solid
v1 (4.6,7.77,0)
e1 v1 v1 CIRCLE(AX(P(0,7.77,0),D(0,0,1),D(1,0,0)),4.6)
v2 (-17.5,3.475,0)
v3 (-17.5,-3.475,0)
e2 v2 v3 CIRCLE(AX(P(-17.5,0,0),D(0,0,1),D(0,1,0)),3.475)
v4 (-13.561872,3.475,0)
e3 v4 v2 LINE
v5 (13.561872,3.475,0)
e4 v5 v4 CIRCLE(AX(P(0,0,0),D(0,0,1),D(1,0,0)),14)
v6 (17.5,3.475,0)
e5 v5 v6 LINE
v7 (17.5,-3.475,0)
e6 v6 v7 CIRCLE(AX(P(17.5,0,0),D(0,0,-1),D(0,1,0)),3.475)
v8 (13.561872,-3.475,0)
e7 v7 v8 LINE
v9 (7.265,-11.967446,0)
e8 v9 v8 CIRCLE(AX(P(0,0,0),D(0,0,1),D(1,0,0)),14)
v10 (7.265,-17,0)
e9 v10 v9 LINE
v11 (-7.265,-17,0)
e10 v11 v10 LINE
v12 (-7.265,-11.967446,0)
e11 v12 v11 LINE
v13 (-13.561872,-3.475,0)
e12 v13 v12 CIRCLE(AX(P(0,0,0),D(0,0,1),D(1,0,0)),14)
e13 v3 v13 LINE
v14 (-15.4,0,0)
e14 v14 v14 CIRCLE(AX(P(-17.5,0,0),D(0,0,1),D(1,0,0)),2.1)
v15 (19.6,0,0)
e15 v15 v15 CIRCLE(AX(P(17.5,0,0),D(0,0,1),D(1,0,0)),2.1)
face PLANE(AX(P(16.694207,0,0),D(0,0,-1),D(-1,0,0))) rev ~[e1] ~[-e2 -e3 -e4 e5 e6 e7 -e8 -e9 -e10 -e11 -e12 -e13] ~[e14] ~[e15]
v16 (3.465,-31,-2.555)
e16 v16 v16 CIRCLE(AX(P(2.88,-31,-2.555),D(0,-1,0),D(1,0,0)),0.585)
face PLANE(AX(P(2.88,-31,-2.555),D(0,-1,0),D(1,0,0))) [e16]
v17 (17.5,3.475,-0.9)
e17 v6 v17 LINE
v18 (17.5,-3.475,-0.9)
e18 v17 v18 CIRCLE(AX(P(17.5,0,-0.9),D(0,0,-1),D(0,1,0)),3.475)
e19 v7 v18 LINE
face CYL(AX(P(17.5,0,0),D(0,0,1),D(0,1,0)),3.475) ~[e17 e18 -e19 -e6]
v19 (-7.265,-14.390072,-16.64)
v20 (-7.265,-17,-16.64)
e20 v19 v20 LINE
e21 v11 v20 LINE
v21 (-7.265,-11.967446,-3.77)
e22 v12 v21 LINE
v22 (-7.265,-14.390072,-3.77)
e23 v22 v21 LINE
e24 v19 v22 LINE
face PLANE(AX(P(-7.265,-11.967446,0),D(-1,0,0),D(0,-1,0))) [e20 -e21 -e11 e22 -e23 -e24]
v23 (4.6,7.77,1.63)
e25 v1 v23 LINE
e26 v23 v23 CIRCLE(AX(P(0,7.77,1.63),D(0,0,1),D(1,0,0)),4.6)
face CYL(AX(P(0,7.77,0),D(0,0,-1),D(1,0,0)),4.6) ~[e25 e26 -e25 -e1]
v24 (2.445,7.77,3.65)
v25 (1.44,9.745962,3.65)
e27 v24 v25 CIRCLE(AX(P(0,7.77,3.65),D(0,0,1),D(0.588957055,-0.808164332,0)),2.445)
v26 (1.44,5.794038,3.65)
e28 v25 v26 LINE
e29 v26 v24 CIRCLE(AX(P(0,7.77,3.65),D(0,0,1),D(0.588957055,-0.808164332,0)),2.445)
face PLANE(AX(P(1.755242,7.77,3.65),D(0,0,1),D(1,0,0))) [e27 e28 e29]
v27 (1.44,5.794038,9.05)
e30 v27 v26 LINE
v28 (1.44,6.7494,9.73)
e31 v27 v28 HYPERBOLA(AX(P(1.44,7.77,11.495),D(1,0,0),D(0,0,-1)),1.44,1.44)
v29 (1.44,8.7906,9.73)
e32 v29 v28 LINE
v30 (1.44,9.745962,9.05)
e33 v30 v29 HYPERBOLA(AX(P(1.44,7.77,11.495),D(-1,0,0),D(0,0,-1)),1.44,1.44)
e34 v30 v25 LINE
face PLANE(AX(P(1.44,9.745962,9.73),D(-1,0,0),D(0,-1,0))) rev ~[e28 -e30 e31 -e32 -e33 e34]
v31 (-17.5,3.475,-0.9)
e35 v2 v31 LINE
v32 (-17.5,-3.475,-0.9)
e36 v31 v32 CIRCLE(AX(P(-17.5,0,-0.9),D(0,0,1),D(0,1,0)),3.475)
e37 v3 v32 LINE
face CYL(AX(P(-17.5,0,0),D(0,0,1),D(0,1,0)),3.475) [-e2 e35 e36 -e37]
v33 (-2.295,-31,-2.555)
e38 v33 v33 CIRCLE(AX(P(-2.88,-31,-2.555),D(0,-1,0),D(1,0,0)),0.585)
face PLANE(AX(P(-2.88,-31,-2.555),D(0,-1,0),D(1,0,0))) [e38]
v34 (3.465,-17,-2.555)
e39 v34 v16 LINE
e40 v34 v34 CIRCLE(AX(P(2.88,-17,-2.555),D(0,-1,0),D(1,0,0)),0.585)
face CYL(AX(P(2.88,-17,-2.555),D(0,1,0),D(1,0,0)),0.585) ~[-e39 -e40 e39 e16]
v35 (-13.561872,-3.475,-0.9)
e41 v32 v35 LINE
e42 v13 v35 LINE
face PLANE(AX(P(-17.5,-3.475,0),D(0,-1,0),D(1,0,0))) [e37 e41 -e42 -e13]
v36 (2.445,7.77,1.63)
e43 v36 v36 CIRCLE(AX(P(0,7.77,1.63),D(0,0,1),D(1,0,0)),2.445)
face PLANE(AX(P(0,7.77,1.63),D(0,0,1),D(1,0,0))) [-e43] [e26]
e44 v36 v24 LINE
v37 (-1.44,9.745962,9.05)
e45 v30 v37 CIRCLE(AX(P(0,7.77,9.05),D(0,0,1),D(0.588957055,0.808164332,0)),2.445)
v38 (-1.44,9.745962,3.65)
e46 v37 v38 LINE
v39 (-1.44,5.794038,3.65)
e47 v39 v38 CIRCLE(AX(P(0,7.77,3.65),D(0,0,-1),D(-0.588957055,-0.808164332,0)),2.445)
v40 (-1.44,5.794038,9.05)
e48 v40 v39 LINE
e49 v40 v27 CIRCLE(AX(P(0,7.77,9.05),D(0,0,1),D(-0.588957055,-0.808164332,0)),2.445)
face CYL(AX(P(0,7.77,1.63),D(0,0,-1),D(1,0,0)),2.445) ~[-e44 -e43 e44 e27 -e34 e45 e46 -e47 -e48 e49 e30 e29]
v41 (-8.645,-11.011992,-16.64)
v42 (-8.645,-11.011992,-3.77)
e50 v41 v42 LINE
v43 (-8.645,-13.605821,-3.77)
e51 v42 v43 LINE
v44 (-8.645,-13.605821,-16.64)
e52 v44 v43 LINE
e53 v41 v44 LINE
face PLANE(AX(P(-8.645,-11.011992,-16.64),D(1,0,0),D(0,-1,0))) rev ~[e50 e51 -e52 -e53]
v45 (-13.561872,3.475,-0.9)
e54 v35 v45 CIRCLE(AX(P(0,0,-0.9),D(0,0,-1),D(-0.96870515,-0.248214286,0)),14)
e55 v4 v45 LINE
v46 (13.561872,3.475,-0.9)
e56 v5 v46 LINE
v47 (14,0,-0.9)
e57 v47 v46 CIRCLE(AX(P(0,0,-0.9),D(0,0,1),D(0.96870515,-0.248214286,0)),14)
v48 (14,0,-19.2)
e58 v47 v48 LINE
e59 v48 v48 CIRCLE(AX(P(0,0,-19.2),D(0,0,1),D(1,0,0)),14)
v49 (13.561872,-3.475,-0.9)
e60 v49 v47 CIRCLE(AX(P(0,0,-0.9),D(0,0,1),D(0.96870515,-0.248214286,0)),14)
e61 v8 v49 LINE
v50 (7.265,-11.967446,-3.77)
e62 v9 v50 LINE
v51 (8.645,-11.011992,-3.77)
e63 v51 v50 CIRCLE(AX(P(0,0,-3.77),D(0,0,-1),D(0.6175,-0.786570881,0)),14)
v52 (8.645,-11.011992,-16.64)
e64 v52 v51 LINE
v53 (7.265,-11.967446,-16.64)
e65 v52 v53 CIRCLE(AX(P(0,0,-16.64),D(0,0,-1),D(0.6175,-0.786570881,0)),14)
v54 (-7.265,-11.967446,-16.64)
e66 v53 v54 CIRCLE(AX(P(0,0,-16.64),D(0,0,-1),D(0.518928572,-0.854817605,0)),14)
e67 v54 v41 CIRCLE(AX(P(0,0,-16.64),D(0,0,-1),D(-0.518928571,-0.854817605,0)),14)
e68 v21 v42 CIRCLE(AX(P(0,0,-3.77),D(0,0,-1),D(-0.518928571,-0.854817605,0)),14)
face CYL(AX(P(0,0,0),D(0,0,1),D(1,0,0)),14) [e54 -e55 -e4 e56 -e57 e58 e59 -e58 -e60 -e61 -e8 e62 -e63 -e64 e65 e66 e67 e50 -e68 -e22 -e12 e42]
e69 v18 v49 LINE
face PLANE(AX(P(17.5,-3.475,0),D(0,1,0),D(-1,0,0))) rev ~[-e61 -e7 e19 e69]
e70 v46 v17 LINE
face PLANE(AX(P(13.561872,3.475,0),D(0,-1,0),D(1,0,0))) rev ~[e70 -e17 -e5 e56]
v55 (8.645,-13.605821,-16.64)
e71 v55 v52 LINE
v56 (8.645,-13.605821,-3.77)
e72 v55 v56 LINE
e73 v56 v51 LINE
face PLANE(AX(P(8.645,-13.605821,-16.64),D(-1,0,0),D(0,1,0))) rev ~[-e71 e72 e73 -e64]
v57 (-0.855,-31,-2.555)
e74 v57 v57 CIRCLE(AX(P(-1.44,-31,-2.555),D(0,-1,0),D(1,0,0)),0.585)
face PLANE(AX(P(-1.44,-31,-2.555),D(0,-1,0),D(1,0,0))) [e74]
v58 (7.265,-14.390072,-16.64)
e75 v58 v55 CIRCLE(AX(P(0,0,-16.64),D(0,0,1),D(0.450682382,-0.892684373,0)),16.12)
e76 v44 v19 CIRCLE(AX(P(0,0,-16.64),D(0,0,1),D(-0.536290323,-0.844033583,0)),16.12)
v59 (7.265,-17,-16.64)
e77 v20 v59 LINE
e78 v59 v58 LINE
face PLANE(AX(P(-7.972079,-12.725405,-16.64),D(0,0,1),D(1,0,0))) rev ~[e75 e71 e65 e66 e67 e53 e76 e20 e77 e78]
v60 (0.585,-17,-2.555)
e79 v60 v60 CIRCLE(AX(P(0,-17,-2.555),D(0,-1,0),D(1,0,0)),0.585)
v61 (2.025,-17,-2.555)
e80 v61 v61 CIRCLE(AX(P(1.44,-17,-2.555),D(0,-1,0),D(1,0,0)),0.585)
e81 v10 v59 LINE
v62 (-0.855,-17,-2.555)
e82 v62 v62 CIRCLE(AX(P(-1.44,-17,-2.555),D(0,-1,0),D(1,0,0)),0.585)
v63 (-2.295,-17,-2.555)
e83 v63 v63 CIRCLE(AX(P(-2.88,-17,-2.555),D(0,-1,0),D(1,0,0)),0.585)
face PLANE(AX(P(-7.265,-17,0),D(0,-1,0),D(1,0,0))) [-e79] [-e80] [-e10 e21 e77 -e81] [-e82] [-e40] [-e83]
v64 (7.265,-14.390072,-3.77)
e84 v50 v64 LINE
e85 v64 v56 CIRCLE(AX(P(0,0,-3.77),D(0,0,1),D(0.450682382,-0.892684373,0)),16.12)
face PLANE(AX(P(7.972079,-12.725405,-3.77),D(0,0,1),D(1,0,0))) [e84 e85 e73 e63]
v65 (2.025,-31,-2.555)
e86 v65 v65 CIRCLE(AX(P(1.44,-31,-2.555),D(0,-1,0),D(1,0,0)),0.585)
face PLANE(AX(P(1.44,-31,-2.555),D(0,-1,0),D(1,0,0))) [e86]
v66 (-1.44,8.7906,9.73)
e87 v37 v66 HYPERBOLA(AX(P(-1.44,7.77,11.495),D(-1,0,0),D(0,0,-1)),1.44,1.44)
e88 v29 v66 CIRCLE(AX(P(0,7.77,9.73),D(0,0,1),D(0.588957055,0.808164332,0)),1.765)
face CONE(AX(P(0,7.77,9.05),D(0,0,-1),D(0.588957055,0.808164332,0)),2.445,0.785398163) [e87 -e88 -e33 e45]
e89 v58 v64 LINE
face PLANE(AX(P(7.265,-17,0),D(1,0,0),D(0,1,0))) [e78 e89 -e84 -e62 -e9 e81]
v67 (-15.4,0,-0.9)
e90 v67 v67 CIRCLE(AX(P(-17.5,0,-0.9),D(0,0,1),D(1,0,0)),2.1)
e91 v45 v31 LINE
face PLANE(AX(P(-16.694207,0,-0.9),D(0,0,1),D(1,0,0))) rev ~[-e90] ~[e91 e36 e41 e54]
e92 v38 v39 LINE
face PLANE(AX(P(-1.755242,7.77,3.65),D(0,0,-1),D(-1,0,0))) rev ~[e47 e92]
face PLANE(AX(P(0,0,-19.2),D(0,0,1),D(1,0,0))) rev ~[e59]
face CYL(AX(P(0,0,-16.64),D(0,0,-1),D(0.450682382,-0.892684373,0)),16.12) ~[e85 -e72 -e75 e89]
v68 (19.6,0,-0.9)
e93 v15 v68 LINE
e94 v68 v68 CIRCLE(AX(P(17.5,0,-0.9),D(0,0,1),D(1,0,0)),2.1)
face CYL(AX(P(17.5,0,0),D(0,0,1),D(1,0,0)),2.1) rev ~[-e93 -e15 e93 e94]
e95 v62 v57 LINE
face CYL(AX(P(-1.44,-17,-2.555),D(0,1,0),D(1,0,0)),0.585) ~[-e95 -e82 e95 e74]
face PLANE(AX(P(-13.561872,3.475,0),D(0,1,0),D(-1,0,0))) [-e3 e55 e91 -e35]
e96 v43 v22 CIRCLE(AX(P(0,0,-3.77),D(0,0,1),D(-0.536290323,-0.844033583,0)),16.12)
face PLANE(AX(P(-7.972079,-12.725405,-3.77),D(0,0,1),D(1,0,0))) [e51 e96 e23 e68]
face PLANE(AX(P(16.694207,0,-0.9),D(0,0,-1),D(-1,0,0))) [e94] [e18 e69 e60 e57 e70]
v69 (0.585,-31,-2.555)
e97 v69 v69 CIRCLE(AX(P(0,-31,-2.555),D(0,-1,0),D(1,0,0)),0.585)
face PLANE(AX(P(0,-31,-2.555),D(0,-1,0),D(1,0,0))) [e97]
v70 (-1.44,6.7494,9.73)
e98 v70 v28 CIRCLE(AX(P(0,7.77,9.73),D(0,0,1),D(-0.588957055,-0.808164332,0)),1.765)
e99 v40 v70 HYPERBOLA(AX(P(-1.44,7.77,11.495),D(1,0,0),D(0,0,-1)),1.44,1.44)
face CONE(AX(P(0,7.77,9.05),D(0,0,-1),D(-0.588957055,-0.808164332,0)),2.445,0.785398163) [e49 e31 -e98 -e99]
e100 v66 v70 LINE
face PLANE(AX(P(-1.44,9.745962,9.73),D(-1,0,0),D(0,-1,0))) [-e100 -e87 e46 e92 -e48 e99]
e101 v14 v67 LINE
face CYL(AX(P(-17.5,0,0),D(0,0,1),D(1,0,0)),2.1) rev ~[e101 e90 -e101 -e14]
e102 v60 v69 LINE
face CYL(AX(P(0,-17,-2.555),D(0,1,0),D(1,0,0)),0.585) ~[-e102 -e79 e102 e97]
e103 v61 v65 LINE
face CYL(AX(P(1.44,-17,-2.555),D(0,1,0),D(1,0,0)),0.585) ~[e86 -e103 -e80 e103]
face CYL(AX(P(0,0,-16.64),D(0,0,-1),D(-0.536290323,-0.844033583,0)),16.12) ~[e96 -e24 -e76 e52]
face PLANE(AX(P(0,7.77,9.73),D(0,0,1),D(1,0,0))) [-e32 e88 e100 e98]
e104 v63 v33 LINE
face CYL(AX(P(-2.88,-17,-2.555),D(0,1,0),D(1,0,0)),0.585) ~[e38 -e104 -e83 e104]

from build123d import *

# Parameters (mm, degrees)
SKETCH1_R           = 14
BOSS_EXTRUDE1_DEPTH = 19.2
BOSS_EXTRUDE2_DEPTH = 16.64
BOSS_EXTRUDE3_DEPTH = 12.87
SKETCH4_R           = 0.585
BOSS_EXTRUDE4_DEPTH = 14
SKETCH5_R           = 4.6
BOSS_EXTRUDE5_DEPTH = 1.63
SKETCH6_R           = 2.445
BOSS_EXTRUDE6_DEPTH = 8.1
CUT_EXTRUDE1_DEPTH  = 6.08
CHAMFER1_SIZE       = 0.68
SKETCH8_R           = 2.1
BOSS_EXTRUDE7_DEPTH = 0.9


with BuildPart() as part:
    # Sketch1 → Boss-Extrude1 (new body)
    with BuildSketch(Plane.XY):
        Circle(SKETCH1_R)
    extrude(amount=-BOSS_EXTRUDE1_DEPTH)

    # Sketch2 → Boss-Extrude2 (add)
    with BuildSketch(Plane.XY):
        with BuildLine():
            Line((-7.265, -11.967446469), (-7.265, -17))
            Line((-7.265, -17), (7.265, -17))
            Line((7.265, -17), (7.265, -11.967446469))
            ThreePointArc((7.265, -11.967446469), (0, -14), (-7.265, -11.967446469))
        make_face()
    extrude(amount=-BOSS_EXTRUDE2_DEPTH)

    # Sketch3 → Boss-Extrude3 (add)
    with BuildSketch(Plane(origin=(0, 0, -16.64), x_dir=(-1, 0, 0), z_dir=(0, 0, -1))):
        with BuildLine():
            Line((7.265, -14.390072098), (7.265, -11.967446469))
            ThreePointArc((7.265, -11.967446469), (7.969331726, -11.510419273), (8.645, -11.011992327))
            Line((8.645, -11.011992327), (8.645, -13.605821364))
            ThreePointArc((8.645, -13.605821364), (7.964658643, -14.014942479), (7.265, -14.390072098))
        make_face()
        with BuildLine():
            Line((-7.265, -11.967446469), (-7.265, -14.390072098))
            ThreePointArc((-7.265, -14.390072098), (-7.964658643, -14.014942479), (-8.645, -13.605821364))
            Line((-8.645, -13.605821364), (-8.645, -11.011992327))
            ThreePointArc((-8.645, -11.011992327), (-7.969331726, -11.510419273), (-7.265, -11.967446469))
        make_face()
    extrude(amount=-BOSS_EXTRUDE3_DEPTH)

    # Sketch4 → Boss-Extrude4 (add)
    with BuildSketch(Plane.XZ.offset(17)):
        with Locations((-2.88, -2.555)):
            Circle(SKETCH4_R)
        with Locations((-1.44, -2.555)):
            Circle(SKETCH4_R)
        with Locations((0, -2.555)):
            Circle(SKETCH4_R)
        with Locations((1.44, -2.555)):
            Circle(SKETCH4_R)
        with Locations((2.88, -2.555)):
            Circle(SKETCH4_R)
    extrude(amount=BOSS_EXTRUDE4_DEPTH)

    # Sketch5 → Boss-Extrude5 (add)
    with BuildSketch(Plane.XY):
        with Locations((0, 7.77)):
            Circle(SKETCH5_R)
    extrude(amount=BOSS_EXTRUDE5_DEPTH)

    # Sketch6 → Boss-Extrude6 (add)
    with BuildSketch(Plane.XY.offset(1.63)):
        with Locations((0, 7.77)):
            Circle(SKETCH6_R)
    extrude(amount=BOSS_EXTRUDE6_DEPTH)

    # Sketch7 → Cut-Extrude1 (cut)
    with BuildSketch(Plane.XY.offset(9.73)):
        with BuildLine():
            Line((1.44, 9.745961791), (1.44, 5.794038209))
            ThreePointArc((1.44, 5.794038209), (2.445, 7.77), (1.44, 9.745961791))
        make_face()
        with BuildLine():
            Line((-1.44, 9.745961791), (-1.44, 5.794038209))
            ThreePointArc((-1.44, 5.794038209), (-2.445, 7.77), (-1.44, 9.745961791))
        make_face()
    extrude(amount=-CUT_EXTRUDE1_DEPTH, mode=Mode.SUBTRACT)

    # Chamfer1
    chamfer1_edges = [part.edges().sort_by_distance(p)[0] for p in [
        (0, 10.215, 9.73),
        (0, 5.325, 9.73),
    ]]
    chamfer(chamfer1_edges, length=CHAMFER1_SIZE)

    # Sketch8 → Boss-Extrude7 (add)
    with BuildSketch(Plane.XY):
        with BuildLine():
            Line((-13.561872105, 3.475), (-17.5, 3.475))
            ThreePointArc((-17.5, 3.475), (-20.975, 0), (-17.5, -3.475))
            Line((-17.5, -3.475), (-13.561872105, -3.475))
            ThreePointArc((-13.561872105, -3.475), (-14, 0), (-13.561872105, 3.475))
        make_face()
        with Locations((-17.5, 0)):
            Circle(SKETCH8_R, mode=Mode.SUBTRACT)
        with BuildLine():
            Line((17.5, -3.475), (13.561872105, -3.475))
            ThreePointArc((13.561872105, -3.475), (14, 0), (13.561872105, 3.475))
            Line((13.561872105, 3.475), (17.5, 3.475))
            ThreePointArc((17.5, 3.475), (20.975, 0), (17.5, -3.475))
        make_face()
        with Locations((17.5, 0)):
            Circle(SKETCH8_R, mode=Mode.SUBTRACT)
    extrude(amount=-BOSS_EXTRUDE7_DEPTH)


solid = part.part
